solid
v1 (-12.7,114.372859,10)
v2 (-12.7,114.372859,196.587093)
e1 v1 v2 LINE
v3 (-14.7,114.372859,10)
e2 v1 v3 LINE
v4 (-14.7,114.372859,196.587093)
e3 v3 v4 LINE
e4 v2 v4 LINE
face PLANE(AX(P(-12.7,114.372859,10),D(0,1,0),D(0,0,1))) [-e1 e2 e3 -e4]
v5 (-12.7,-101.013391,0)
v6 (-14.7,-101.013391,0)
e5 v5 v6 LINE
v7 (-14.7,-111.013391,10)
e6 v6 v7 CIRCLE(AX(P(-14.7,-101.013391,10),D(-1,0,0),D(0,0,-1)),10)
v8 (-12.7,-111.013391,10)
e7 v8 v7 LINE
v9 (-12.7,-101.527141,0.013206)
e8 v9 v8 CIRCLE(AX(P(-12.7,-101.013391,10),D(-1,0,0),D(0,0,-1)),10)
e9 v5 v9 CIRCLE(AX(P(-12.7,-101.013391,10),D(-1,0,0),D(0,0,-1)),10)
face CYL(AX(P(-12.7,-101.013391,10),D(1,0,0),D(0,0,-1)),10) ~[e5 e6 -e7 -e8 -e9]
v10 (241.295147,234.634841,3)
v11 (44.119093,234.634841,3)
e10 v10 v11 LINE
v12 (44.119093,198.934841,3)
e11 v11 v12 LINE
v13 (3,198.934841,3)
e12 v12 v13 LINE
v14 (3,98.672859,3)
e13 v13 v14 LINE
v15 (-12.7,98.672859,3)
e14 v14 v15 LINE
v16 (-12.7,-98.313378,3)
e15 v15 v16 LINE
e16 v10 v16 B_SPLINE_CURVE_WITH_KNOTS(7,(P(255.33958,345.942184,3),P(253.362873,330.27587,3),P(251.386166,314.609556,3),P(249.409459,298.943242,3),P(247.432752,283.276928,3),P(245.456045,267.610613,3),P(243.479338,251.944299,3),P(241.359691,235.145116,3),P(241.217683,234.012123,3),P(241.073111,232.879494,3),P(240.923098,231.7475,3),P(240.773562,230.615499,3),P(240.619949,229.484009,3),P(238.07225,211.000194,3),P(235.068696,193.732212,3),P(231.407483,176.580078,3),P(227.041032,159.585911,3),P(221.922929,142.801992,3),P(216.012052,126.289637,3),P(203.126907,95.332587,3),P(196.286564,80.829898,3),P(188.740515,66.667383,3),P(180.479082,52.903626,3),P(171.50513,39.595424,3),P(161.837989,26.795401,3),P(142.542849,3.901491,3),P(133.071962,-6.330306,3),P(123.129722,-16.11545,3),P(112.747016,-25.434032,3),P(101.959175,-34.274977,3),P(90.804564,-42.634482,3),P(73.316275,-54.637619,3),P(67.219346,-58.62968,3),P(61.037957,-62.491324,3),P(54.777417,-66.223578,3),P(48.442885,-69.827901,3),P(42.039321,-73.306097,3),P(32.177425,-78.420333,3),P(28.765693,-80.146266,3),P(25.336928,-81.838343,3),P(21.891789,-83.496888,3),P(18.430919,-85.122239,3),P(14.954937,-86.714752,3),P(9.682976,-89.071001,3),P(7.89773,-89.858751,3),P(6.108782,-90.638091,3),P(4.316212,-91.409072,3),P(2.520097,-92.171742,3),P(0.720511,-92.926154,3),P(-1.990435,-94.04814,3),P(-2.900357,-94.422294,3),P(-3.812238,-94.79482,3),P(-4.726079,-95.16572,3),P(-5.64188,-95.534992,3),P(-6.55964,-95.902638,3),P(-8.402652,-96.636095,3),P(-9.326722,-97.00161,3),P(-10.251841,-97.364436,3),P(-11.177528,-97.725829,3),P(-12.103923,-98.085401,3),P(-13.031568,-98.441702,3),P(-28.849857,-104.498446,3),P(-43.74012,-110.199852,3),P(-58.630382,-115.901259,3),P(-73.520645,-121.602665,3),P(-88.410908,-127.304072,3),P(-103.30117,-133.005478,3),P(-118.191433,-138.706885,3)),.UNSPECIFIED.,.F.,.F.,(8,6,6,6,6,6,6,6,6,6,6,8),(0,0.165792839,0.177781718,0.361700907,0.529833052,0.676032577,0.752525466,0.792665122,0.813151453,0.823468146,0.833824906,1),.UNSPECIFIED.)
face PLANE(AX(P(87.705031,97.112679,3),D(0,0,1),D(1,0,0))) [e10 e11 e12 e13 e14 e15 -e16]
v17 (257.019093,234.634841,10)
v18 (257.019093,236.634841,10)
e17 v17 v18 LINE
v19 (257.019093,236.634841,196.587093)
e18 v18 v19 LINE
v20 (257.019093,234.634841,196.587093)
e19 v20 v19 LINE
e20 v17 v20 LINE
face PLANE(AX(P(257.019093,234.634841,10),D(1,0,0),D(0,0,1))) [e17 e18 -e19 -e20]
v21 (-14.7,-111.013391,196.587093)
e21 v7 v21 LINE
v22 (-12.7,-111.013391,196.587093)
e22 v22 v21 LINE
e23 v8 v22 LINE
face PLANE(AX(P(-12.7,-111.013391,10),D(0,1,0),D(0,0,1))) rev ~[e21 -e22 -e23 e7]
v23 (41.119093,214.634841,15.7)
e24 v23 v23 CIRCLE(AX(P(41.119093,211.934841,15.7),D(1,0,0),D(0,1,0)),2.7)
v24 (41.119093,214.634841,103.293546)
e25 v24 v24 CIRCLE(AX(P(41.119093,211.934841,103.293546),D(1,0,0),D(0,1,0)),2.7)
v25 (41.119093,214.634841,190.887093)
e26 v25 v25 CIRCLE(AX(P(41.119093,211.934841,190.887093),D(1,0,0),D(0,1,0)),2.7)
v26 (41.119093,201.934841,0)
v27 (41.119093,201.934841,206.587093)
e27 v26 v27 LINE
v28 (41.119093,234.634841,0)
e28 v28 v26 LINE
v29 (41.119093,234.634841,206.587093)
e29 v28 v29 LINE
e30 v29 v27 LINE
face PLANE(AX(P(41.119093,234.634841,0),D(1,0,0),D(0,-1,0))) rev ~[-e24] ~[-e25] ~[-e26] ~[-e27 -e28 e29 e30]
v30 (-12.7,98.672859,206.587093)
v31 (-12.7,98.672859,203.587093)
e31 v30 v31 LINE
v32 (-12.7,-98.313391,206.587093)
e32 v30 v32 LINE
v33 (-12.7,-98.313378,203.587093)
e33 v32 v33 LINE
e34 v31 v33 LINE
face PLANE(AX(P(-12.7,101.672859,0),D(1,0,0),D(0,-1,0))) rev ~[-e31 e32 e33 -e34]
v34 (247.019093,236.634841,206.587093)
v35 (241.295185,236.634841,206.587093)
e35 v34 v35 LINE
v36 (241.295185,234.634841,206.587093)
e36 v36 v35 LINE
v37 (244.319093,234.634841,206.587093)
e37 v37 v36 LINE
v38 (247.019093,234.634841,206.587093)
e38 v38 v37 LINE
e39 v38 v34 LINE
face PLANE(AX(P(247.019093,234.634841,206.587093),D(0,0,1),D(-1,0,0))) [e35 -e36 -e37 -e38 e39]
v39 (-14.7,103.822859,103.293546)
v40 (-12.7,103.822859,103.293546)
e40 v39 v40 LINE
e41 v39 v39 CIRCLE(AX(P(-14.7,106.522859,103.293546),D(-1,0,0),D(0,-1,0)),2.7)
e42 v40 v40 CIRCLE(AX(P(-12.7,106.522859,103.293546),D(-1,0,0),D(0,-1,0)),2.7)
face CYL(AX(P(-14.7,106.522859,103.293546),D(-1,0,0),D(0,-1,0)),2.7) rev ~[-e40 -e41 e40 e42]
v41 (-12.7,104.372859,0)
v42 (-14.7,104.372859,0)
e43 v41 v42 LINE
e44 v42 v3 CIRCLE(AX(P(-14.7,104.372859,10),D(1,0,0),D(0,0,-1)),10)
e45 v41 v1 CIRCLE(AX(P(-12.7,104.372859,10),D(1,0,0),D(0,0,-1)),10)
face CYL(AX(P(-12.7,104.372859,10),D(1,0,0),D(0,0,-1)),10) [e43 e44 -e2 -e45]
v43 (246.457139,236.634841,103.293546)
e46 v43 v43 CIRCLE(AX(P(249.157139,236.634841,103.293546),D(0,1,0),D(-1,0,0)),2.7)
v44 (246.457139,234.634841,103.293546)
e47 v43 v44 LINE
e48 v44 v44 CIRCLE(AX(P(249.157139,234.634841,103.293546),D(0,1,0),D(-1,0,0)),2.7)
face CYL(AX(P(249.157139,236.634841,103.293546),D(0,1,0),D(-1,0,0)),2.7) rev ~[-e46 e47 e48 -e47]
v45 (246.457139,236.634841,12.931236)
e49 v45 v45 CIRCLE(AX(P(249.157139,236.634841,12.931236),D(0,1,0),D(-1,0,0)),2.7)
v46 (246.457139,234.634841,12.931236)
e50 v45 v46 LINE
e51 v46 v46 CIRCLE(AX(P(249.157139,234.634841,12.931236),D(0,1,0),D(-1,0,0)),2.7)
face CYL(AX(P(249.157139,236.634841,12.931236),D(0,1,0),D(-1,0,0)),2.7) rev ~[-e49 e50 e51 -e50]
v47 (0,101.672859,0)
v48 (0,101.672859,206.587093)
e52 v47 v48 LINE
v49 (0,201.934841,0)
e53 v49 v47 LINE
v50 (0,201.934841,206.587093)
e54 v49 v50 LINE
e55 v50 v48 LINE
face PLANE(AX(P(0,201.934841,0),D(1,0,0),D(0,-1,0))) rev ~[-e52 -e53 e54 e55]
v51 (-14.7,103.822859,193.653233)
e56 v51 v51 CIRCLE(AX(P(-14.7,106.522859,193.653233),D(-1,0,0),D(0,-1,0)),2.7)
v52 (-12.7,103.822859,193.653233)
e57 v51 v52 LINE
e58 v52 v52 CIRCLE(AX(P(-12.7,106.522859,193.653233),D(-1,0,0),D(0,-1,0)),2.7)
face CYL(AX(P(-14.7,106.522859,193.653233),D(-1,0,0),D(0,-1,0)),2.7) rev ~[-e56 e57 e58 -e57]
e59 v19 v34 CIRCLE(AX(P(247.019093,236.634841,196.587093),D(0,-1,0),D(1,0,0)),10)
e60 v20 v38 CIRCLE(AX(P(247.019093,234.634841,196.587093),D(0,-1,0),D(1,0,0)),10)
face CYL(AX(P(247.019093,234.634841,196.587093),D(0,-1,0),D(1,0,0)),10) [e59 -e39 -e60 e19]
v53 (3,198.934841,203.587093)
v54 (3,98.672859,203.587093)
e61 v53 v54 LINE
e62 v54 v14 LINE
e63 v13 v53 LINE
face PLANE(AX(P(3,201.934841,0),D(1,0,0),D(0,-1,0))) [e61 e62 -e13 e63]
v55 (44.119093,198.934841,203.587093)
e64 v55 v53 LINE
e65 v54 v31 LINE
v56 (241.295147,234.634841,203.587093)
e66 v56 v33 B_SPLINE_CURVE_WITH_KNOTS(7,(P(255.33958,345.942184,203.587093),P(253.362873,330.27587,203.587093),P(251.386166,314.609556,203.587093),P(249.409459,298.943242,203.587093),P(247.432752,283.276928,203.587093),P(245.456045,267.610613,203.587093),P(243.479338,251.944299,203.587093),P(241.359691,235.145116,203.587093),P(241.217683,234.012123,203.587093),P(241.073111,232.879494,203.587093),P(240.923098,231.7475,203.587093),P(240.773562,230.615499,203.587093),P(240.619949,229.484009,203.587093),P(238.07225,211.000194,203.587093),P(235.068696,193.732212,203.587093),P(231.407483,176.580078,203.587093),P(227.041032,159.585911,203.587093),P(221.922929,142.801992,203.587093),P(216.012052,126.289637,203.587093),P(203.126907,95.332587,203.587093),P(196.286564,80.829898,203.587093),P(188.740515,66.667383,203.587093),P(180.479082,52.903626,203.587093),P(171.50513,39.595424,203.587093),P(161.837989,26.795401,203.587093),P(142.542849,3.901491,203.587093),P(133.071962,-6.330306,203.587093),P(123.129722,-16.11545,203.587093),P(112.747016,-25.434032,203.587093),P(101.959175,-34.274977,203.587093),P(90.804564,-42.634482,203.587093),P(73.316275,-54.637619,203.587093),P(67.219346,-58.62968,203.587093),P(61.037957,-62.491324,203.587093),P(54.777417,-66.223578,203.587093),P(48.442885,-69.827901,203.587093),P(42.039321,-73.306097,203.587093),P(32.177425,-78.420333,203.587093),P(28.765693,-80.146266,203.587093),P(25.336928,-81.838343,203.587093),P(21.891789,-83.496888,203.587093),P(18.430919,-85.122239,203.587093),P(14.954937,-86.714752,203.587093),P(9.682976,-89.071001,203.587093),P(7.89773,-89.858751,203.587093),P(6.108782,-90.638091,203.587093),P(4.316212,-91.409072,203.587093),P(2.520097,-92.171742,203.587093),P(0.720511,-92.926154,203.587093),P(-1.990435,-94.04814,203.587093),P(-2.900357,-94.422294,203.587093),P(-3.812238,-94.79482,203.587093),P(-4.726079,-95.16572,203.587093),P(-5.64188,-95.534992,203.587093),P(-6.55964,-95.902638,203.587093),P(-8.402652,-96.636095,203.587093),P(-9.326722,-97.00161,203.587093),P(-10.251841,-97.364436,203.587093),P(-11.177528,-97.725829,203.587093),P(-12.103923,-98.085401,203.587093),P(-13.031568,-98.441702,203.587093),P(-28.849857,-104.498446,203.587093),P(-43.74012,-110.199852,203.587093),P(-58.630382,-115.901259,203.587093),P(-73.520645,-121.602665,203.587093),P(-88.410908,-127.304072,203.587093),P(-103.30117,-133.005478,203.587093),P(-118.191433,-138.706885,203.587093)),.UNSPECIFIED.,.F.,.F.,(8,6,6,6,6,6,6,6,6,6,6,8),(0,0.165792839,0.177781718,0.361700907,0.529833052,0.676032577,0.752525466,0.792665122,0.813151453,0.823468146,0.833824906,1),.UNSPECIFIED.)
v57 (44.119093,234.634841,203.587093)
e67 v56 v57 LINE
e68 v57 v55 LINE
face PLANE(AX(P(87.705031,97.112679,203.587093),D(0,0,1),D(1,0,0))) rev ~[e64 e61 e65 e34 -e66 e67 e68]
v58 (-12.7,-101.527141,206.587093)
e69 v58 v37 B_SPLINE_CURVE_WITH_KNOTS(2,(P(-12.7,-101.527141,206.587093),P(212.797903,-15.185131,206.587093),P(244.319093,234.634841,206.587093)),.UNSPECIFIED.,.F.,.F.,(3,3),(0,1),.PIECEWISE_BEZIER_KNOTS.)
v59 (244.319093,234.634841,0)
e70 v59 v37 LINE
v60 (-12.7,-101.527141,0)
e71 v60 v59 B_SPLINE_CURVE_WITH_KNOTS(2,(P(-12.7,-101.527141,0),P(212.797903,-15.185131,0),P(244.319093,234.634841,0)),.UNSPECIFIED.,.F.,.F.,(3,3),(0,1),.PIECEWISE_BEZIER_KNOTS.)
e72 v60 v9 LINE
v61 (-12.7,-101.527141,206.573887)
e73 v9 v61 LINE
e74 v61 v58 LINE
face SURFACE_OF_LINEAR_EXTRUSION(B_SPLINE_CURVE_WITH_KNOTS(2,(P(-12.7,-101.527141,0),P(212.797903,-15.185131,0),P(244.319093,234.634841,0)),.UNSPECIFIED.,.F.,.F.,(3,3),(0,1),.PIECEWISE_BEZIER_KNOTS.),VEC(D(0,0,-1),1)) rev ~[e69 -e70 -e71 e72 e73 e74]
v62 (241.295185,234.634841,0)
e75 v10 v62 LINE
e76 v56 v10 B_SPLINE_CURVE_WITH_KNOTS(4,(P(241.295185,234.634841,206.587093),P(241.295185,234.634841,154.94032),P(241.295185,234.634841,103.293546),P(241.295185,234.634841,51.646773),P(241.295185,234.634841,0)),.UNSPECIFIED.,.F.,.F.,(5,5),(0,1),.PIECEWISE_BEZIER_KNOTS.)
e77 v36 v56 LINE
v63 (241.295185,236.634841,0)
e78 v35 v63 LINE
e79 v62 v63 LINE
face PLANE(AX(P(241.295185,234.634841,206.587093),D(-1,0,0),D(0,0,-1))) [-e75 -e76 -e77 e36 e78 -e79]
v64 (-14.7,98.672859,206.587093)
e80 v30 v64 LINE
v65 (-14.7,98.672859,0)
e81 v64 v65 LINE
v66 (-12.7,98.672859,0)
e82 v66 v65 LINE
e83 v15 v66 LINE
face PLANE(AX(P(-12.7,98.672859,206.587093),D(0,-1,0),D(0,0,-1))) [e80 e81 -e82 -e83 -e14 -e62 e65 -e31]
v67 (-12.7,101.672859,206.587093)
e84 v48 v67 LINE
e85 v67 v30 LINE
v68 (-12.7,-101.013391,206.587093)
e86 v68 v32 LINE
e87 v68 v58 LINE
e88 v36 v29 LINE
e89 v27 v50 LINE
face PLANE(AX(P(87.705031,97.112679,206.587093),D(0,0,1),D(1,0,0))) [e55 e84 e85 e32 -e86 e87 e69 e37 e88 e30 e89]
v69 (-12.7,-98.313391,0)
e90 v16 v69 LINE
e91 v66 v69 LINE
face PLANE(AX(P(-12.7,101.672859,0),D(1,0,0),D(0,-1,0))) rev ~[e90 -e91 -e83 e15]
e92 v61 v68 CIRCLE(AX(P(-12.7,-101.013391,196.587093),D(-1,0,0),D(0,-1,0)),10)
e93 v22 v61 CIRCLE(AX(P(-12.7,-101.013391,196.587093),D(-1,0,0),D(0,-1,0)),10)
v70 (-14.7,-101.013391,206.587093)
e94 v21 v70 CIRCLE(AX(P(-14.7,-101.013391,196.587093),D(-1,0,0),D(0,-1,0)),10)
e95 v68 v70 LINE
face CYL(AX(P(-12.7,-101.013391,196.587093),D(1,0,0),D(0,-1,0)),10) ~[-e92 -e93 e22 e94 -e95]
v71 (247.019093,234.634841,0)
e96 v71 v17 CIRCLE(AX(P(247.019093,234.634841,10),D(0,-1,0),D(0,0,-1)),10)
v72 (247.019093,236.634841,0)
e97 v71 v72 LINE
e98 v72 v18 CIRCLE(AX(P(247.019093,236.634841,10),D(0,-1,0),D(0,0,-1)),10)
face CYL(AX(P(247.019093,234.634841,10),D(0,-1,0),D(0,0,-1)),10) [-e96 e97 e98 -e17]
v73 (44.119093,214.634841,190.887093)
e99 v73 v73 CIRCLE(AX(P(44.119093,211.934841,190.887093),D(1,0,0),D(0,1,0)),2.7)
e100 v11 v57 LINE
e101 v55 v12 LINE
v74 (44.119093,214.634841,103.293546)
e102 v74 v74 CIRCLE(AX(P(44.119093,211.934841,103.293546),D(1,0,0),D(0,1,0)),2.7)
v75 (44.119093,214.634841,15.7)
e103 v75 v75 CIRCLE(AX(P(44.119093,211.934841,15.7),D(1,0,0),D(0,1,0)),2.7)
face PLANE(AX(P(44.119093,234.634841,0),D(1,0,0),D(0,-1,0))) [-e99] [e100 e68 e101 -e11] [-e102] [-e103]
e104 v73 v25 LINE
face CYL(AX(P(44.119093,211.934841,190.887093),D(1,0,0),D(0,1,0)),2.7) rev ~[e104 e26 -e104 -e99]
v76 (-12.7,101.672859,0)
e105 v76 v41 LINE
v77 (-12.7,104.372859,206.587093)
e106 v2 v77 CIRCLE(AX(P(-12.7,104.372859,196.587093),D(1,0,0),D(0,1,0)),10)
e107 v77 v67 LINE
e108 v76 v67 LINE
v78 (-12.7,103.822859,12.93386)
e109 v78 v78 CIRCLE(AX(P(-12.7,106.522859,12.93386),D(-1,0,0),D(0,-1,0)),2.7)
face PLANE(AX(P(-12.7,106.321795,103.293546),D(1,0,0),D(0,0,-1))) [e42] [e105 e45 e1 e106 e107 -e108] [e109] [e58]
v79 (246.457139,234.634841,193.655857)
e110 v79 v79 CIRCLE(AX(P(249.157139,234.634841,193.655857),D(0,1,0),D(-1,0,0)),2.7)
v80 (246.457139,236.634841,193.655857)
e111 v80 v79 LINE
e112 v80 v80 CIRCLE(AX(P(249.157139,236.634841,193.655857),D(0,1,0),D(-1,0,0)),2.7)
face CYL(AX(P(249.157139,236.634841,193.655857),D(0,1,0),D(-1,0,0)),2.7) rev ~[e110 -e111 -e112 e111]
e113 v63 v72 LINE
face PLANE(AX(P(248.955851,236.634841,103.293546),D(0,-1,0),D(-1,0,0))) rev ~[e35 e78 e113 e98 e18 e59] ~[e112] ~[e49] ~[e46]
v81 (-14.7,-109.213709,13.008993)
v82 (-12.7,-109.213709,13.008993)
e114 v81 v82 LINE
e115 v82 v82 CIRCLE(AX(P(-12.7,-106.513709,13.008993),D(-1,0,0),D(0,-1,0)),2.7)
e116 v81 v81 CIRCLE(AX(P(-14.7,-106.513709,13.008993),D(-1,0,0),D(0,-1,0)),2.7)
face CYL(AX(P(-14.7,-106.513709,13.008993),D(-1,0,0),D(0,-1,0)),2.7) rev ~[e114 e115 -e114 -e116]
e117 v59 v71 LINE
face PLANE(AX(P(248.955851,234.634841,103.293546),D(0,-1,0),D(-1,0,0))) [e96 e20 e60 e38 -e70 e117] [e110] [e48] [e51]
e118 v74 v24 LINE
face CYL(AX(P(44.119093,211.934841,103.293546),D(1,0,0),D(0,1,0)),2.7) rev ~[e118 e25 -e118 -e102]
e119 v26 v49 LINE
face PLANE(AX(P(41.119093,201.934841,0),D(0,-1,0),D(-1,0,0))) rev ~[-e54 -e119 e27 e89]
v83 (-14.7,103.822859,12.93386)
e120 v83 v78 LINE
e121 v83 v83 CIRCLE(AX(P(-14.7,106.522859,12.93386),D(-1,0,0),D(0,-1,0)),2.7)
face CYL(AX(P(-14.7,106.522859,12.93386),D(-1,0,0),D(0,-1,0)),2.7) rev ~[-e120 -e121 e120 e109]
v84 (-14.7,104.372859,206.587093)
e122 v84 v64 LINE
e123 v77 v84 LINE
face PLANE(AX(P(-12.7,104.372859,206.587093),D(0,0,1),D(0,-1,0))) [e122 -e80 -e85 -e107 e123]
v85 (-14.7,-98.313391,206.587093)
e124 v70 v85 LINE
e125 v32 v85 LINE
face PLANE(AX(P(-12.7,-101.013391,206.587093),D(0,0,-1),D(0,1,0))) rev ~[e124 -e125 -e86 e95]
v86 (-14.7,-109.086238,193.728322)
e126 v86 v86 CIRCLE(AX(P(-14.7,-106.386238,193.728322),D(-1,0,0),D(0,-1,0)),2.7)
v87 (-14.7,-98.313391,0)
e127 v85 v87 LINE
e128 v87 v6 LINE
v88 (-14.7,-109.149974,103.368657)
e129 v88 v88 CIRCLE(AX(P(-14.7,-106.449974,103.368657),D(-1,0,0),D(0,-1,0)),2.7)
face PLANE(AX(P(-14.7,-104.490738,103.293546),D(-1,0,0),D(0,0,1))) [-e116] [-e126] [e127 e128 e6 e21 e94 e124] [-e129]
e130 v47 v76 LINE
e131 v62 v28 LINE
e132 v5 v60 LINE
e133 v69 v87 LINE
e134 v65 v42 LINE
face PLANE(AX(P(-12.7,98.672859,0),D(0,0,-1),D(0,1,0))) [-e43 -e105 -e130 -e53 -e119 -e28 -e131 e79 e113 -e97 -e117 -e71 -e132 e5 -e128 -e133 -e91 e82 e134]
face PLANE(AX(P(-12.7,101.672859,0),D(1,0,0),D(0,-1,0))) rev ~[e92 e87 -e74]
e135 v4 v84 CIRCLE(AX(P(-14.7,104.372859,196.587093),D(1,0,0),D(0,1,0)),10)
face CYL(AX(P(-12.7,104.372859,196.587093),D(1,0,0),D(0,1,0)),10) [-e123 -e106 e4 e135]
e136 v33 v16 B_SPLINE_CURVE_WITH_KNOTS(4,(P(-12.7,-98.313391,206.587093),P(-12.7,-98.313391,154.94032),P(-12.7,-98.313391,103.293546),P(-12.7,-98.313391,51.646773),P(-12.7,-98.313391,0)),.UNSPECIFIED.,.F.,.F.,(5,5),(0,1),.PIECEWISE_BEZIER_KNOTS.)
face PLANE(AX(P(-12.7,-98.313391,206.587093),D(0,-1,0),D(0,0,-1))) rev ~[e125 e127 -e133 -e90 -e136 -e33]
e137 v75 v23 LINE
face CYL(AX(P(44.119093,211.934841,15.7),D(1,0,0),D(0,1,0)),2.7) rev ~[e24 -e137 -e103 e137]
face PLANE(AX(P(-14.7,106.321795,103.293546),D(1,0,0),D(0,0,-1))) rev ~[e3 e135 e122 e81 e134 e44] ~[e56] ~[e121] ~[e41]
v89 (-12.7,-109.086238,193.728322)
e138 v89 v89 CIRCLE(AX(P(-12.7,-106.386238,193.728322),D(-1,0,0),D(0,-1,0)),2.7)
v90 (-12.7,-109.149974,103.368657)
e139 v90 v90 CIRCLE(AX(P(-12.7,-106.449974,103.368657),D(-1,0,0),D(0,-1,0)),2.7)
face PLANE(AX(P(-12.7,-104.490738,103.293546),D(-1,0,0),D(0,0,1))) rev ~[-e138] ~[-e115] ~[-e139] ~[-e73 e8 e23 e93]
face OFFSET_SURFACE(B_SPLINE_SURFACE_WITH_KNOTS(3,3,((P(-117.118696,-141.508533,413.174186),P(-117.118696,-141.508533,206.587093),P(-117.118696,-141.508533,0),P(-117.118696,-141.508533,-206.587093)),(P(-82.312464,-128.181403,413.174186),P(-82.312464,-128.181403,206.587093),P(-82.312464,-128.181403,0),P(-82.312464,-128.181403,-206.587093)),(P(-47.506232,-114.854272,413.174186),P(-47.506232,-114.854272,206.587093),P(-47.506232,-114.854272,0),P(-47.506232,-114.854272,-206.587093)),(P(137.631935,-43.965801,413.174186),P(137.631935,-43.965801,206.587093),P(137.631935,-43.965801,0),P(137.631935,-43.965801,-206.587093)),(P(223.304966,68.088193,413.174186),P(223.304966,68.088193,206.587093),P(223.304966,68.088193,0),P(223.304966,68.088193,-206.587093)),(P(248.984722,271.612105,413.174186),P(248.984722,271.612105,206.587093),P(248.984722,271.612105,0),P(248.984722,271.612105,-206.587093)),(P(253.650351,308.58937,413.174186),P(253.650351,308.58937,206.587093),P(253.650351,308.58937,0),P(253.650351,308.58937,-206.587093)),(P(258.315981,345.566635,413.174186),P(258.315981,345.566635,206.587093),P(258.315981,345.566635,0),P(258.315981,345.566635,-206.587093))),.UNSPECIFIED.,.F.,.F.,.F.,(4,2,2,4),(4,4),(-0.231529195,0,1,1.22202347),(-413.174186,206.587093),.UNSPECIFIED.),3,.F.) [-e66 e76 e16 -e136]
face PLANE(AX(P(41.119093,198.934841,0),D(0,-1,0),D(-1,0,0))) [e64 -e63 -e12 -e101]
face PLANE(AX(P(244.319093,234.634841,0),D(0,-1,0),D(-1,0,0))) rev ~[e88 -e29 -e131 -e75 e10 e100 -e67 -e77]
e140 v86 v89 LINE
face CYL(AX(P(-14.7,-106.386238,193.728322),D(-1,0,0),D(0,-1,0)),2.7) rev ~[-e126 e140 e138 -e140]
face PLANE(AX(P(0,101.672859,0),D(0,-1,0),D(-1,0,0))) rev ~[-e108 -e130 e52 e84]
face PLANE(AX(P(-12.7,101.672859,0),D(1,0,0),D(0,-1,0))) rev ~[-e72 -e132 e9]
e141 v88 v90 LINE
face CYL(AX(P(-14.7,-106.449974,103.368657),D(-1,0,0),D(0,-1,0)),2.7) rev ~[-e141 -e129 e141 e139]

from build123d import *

# Parameters (mm, degrees)
BOSS_EXTRUDE3_DEPTH = 206.587093
SHELL1_T            = -3
BOSS_EXTRUDE4_DEPTH = 2
BOSS_EXTRUDE5_DEPTH = 2
SKETCH8_R           = 2.7
CUT_EXTRUDE2_DEPTH  = 3
SKETCH9_R           = 2.7
CUT_EXTRUDE3_DEPTH  = 2
SKETCH11_R          = 2.7
CUT_EXTRUDE4_DEPTH  = 2


with BuildPart() as part:
    # Sketch1 → Boss-Extrude3 (new body)
    with BuildSketch(Plane.XY):
        with BuildLine():
            Line((244.319092767, 234.634840909), (41.119092767, 234.634840909))
            Line((41.119092767, 234.634840909), (41.119092767, 201.934840909))
            Line((41.119092767, 201.934840909), (0, 201.934840909))
            Line((0, 201.934840909), (0, 101.672858907))
            Line((0, 101.672858907), (-12.7, 101.672858907))
            Line((-12.7, 101.672858907), (-12.7, -101.527141093))
            add(Edge.make_bspline(
                [(-12.7, -101.527141093), (212.797902698, -15.185130796), (244.319092767, 234.634840909)],
                knots=[0, 0, 0, 1, 1, 1], degree=2))
        make_face()
    extrude(amount=BOSS_EXTRUDE3_DEPTH)

    # Shell1
    shell1_openings = [part.faces().sort_by_distance(p)[0] for p in [
        (142.719092767, 234.634840909, 103.2935465),
        (-12.7, 0.072858907, 103.2935465),
    ]]
    offset(amount=SHELL1_T, openings=shell1_openings, kind=Kind.INTERSECTION)

    # Sketch4 → Boss-Extrude4 (add)
    with BuildSketch(Plane(origin=(0, 234.634840909, 0), x_dir=(1, 0, 0), z_dir=(0, 1, 0))):
        with BuildLine():
            Line((257.019092767, -10), (257.019092767, -196.587092864))
            ThreePointArc((257.019092767, -196.587092864), (254.090160579, -203.658160676), (247.019092767, -206.587092864))
            Line((247.019092767, -206.587092864), (244.319092767, -206.587092864))
            Line((244.319092767, -206.587092864), (241.295184716, -206.587092864))
            Line((241.295184716, -206.587092864), (241.295184716, 0))
            Line((241.295184716, 0), (247.019092767, 0))
            ThreePointArc((247.019092767, 0), (254.090160579, -2.928932188), (257.019092767, -10))
        make_face()
    extrude(amount=BOSS_EXTRUDE4_DEPTH)

    # Sketch5 → Boss-Extrude5 (add)
    with BuildSketch(Plane.ZY.offset(12.7)):
        with BuildLine():
            Line((10, 114.372858907), (196.587092864, 114.372858907))
            ThreePointArc((196.587092864, 114.372858907), (203.658160676, 111.443926719), (206.587092864, 104.372858907))
            Line((206.587092864, 104.372858907), (206.587092864, 98.672858907))
            Line((206.587092864, 98.672858907), (0, 98.672858907))
            Line((0, 98.672858907), (0, 104.372858907))
            ThreePointArc((0, 104.372858907), (2.928932188, 111.443926719), (10, 114.372858907))
        make_face()
        with BuildLine():
            Line((0, -98.313391167), (0, -101.013391167))
            ThreePointArc((0, -101.013391167), (2.928932188, -108.084458979), (10, -111.013391167))
            Line((10, -111.013391167), (196.587092864, -111.013391167))
            ThreePointArc((196.587092864, -111.013391167), (203.658160676, -108.084458979), (206.587092864, -101.013391167))
            Line((206.587092864, -101.013391167), (206.587092864, -98.313391167))
            Line((206.587092864, -98.313391167), (0, -98.313391167))
        make_face()
    extrude(amount=BOSS_EXTRUDE5_DEPTH)

    # Sketch8 → Cut-Extrude2 (cut)
    with BuildSketch(Plane(origin=(44.119092767, 0, 0), x_dir=(0, 0, -1), z_dir=(1, 0, 0))):
        with Locations(Location((-190.887092864, 211.934840909, 0), (0, 0, 90))):
            Circle(SKETCH8_R)
        with Locations(Location((-103.293546432, 211.934840909, 0), (0, 0, 90))):
            Circle(SKETCH8_R)
        with Locations(Location((-15.7, 211.934840909, 0), (0, 0, 90))):
            Circle(SKETCH8_R)
    extrude(amount=-CUT_EXTRUDE2_DEPTH, mode=Mode.SUBTRACT)

    # Sketch9 → Cut-Extrude3 (cut)
    with BuildSketch(Plane(origin=(0, 236.634840909, 0), x_dir=(1, 0, 0), z_dir=(0, 1, 0))):
        with Locations(Location((249.157138742, -12.931235523, 0), (0, 0, 180))):
            Circle(SKETCH9_R)
        with Locations(Location((249.157138742, -103.293546432, 0), (0, 0, 180))):
            Circle(SKETCH9_R)
        with Locations(Location((249.157138742, -193.655857341, 0), (0, 0, 180))):
            Circle(SKETCH9_R)
    extrude(amount=-CUT_EXTRUDE3_DEPTH, mode=Mode.SUBTRACT)

    # Sketch11 → Cut-Extrude4 (cut)
    with BuildSketch(Plane.ZY.offset(14.7)):
        with Locations(Location((12.933859514, 106.522858907, 0), (0, 0, 270))):
            Circle(SKETCH11_R)
        with Locations(Location((103.293546432, 106.522858907, 0), (0, 0, 270))):
            Circle(SKETCH11_R)
        with Locations(Location((193.653233351, 106.522858907, 0), (0, 0, 270))):
            Circle(SKETCH11_R)
        with Locations(Location((193.728321895, -106.386237609, 0), (0, 0, 270))):
            Circle(SKETCH11_R)
        with Locations(Location((103.368657455, -106.44997351, 0), (0, 0, 270))):
            Circle(SKETCH11_R)
        with Locations(Location((13.008993014, -106.51370941, 0), (0, 0, 270))):
            Circle(SKETCH11_R)
    extrude(amount=-CUT_EXTRUDE4_DEPTH, mode=Mode.SUBTRACT)


solid = part.part
